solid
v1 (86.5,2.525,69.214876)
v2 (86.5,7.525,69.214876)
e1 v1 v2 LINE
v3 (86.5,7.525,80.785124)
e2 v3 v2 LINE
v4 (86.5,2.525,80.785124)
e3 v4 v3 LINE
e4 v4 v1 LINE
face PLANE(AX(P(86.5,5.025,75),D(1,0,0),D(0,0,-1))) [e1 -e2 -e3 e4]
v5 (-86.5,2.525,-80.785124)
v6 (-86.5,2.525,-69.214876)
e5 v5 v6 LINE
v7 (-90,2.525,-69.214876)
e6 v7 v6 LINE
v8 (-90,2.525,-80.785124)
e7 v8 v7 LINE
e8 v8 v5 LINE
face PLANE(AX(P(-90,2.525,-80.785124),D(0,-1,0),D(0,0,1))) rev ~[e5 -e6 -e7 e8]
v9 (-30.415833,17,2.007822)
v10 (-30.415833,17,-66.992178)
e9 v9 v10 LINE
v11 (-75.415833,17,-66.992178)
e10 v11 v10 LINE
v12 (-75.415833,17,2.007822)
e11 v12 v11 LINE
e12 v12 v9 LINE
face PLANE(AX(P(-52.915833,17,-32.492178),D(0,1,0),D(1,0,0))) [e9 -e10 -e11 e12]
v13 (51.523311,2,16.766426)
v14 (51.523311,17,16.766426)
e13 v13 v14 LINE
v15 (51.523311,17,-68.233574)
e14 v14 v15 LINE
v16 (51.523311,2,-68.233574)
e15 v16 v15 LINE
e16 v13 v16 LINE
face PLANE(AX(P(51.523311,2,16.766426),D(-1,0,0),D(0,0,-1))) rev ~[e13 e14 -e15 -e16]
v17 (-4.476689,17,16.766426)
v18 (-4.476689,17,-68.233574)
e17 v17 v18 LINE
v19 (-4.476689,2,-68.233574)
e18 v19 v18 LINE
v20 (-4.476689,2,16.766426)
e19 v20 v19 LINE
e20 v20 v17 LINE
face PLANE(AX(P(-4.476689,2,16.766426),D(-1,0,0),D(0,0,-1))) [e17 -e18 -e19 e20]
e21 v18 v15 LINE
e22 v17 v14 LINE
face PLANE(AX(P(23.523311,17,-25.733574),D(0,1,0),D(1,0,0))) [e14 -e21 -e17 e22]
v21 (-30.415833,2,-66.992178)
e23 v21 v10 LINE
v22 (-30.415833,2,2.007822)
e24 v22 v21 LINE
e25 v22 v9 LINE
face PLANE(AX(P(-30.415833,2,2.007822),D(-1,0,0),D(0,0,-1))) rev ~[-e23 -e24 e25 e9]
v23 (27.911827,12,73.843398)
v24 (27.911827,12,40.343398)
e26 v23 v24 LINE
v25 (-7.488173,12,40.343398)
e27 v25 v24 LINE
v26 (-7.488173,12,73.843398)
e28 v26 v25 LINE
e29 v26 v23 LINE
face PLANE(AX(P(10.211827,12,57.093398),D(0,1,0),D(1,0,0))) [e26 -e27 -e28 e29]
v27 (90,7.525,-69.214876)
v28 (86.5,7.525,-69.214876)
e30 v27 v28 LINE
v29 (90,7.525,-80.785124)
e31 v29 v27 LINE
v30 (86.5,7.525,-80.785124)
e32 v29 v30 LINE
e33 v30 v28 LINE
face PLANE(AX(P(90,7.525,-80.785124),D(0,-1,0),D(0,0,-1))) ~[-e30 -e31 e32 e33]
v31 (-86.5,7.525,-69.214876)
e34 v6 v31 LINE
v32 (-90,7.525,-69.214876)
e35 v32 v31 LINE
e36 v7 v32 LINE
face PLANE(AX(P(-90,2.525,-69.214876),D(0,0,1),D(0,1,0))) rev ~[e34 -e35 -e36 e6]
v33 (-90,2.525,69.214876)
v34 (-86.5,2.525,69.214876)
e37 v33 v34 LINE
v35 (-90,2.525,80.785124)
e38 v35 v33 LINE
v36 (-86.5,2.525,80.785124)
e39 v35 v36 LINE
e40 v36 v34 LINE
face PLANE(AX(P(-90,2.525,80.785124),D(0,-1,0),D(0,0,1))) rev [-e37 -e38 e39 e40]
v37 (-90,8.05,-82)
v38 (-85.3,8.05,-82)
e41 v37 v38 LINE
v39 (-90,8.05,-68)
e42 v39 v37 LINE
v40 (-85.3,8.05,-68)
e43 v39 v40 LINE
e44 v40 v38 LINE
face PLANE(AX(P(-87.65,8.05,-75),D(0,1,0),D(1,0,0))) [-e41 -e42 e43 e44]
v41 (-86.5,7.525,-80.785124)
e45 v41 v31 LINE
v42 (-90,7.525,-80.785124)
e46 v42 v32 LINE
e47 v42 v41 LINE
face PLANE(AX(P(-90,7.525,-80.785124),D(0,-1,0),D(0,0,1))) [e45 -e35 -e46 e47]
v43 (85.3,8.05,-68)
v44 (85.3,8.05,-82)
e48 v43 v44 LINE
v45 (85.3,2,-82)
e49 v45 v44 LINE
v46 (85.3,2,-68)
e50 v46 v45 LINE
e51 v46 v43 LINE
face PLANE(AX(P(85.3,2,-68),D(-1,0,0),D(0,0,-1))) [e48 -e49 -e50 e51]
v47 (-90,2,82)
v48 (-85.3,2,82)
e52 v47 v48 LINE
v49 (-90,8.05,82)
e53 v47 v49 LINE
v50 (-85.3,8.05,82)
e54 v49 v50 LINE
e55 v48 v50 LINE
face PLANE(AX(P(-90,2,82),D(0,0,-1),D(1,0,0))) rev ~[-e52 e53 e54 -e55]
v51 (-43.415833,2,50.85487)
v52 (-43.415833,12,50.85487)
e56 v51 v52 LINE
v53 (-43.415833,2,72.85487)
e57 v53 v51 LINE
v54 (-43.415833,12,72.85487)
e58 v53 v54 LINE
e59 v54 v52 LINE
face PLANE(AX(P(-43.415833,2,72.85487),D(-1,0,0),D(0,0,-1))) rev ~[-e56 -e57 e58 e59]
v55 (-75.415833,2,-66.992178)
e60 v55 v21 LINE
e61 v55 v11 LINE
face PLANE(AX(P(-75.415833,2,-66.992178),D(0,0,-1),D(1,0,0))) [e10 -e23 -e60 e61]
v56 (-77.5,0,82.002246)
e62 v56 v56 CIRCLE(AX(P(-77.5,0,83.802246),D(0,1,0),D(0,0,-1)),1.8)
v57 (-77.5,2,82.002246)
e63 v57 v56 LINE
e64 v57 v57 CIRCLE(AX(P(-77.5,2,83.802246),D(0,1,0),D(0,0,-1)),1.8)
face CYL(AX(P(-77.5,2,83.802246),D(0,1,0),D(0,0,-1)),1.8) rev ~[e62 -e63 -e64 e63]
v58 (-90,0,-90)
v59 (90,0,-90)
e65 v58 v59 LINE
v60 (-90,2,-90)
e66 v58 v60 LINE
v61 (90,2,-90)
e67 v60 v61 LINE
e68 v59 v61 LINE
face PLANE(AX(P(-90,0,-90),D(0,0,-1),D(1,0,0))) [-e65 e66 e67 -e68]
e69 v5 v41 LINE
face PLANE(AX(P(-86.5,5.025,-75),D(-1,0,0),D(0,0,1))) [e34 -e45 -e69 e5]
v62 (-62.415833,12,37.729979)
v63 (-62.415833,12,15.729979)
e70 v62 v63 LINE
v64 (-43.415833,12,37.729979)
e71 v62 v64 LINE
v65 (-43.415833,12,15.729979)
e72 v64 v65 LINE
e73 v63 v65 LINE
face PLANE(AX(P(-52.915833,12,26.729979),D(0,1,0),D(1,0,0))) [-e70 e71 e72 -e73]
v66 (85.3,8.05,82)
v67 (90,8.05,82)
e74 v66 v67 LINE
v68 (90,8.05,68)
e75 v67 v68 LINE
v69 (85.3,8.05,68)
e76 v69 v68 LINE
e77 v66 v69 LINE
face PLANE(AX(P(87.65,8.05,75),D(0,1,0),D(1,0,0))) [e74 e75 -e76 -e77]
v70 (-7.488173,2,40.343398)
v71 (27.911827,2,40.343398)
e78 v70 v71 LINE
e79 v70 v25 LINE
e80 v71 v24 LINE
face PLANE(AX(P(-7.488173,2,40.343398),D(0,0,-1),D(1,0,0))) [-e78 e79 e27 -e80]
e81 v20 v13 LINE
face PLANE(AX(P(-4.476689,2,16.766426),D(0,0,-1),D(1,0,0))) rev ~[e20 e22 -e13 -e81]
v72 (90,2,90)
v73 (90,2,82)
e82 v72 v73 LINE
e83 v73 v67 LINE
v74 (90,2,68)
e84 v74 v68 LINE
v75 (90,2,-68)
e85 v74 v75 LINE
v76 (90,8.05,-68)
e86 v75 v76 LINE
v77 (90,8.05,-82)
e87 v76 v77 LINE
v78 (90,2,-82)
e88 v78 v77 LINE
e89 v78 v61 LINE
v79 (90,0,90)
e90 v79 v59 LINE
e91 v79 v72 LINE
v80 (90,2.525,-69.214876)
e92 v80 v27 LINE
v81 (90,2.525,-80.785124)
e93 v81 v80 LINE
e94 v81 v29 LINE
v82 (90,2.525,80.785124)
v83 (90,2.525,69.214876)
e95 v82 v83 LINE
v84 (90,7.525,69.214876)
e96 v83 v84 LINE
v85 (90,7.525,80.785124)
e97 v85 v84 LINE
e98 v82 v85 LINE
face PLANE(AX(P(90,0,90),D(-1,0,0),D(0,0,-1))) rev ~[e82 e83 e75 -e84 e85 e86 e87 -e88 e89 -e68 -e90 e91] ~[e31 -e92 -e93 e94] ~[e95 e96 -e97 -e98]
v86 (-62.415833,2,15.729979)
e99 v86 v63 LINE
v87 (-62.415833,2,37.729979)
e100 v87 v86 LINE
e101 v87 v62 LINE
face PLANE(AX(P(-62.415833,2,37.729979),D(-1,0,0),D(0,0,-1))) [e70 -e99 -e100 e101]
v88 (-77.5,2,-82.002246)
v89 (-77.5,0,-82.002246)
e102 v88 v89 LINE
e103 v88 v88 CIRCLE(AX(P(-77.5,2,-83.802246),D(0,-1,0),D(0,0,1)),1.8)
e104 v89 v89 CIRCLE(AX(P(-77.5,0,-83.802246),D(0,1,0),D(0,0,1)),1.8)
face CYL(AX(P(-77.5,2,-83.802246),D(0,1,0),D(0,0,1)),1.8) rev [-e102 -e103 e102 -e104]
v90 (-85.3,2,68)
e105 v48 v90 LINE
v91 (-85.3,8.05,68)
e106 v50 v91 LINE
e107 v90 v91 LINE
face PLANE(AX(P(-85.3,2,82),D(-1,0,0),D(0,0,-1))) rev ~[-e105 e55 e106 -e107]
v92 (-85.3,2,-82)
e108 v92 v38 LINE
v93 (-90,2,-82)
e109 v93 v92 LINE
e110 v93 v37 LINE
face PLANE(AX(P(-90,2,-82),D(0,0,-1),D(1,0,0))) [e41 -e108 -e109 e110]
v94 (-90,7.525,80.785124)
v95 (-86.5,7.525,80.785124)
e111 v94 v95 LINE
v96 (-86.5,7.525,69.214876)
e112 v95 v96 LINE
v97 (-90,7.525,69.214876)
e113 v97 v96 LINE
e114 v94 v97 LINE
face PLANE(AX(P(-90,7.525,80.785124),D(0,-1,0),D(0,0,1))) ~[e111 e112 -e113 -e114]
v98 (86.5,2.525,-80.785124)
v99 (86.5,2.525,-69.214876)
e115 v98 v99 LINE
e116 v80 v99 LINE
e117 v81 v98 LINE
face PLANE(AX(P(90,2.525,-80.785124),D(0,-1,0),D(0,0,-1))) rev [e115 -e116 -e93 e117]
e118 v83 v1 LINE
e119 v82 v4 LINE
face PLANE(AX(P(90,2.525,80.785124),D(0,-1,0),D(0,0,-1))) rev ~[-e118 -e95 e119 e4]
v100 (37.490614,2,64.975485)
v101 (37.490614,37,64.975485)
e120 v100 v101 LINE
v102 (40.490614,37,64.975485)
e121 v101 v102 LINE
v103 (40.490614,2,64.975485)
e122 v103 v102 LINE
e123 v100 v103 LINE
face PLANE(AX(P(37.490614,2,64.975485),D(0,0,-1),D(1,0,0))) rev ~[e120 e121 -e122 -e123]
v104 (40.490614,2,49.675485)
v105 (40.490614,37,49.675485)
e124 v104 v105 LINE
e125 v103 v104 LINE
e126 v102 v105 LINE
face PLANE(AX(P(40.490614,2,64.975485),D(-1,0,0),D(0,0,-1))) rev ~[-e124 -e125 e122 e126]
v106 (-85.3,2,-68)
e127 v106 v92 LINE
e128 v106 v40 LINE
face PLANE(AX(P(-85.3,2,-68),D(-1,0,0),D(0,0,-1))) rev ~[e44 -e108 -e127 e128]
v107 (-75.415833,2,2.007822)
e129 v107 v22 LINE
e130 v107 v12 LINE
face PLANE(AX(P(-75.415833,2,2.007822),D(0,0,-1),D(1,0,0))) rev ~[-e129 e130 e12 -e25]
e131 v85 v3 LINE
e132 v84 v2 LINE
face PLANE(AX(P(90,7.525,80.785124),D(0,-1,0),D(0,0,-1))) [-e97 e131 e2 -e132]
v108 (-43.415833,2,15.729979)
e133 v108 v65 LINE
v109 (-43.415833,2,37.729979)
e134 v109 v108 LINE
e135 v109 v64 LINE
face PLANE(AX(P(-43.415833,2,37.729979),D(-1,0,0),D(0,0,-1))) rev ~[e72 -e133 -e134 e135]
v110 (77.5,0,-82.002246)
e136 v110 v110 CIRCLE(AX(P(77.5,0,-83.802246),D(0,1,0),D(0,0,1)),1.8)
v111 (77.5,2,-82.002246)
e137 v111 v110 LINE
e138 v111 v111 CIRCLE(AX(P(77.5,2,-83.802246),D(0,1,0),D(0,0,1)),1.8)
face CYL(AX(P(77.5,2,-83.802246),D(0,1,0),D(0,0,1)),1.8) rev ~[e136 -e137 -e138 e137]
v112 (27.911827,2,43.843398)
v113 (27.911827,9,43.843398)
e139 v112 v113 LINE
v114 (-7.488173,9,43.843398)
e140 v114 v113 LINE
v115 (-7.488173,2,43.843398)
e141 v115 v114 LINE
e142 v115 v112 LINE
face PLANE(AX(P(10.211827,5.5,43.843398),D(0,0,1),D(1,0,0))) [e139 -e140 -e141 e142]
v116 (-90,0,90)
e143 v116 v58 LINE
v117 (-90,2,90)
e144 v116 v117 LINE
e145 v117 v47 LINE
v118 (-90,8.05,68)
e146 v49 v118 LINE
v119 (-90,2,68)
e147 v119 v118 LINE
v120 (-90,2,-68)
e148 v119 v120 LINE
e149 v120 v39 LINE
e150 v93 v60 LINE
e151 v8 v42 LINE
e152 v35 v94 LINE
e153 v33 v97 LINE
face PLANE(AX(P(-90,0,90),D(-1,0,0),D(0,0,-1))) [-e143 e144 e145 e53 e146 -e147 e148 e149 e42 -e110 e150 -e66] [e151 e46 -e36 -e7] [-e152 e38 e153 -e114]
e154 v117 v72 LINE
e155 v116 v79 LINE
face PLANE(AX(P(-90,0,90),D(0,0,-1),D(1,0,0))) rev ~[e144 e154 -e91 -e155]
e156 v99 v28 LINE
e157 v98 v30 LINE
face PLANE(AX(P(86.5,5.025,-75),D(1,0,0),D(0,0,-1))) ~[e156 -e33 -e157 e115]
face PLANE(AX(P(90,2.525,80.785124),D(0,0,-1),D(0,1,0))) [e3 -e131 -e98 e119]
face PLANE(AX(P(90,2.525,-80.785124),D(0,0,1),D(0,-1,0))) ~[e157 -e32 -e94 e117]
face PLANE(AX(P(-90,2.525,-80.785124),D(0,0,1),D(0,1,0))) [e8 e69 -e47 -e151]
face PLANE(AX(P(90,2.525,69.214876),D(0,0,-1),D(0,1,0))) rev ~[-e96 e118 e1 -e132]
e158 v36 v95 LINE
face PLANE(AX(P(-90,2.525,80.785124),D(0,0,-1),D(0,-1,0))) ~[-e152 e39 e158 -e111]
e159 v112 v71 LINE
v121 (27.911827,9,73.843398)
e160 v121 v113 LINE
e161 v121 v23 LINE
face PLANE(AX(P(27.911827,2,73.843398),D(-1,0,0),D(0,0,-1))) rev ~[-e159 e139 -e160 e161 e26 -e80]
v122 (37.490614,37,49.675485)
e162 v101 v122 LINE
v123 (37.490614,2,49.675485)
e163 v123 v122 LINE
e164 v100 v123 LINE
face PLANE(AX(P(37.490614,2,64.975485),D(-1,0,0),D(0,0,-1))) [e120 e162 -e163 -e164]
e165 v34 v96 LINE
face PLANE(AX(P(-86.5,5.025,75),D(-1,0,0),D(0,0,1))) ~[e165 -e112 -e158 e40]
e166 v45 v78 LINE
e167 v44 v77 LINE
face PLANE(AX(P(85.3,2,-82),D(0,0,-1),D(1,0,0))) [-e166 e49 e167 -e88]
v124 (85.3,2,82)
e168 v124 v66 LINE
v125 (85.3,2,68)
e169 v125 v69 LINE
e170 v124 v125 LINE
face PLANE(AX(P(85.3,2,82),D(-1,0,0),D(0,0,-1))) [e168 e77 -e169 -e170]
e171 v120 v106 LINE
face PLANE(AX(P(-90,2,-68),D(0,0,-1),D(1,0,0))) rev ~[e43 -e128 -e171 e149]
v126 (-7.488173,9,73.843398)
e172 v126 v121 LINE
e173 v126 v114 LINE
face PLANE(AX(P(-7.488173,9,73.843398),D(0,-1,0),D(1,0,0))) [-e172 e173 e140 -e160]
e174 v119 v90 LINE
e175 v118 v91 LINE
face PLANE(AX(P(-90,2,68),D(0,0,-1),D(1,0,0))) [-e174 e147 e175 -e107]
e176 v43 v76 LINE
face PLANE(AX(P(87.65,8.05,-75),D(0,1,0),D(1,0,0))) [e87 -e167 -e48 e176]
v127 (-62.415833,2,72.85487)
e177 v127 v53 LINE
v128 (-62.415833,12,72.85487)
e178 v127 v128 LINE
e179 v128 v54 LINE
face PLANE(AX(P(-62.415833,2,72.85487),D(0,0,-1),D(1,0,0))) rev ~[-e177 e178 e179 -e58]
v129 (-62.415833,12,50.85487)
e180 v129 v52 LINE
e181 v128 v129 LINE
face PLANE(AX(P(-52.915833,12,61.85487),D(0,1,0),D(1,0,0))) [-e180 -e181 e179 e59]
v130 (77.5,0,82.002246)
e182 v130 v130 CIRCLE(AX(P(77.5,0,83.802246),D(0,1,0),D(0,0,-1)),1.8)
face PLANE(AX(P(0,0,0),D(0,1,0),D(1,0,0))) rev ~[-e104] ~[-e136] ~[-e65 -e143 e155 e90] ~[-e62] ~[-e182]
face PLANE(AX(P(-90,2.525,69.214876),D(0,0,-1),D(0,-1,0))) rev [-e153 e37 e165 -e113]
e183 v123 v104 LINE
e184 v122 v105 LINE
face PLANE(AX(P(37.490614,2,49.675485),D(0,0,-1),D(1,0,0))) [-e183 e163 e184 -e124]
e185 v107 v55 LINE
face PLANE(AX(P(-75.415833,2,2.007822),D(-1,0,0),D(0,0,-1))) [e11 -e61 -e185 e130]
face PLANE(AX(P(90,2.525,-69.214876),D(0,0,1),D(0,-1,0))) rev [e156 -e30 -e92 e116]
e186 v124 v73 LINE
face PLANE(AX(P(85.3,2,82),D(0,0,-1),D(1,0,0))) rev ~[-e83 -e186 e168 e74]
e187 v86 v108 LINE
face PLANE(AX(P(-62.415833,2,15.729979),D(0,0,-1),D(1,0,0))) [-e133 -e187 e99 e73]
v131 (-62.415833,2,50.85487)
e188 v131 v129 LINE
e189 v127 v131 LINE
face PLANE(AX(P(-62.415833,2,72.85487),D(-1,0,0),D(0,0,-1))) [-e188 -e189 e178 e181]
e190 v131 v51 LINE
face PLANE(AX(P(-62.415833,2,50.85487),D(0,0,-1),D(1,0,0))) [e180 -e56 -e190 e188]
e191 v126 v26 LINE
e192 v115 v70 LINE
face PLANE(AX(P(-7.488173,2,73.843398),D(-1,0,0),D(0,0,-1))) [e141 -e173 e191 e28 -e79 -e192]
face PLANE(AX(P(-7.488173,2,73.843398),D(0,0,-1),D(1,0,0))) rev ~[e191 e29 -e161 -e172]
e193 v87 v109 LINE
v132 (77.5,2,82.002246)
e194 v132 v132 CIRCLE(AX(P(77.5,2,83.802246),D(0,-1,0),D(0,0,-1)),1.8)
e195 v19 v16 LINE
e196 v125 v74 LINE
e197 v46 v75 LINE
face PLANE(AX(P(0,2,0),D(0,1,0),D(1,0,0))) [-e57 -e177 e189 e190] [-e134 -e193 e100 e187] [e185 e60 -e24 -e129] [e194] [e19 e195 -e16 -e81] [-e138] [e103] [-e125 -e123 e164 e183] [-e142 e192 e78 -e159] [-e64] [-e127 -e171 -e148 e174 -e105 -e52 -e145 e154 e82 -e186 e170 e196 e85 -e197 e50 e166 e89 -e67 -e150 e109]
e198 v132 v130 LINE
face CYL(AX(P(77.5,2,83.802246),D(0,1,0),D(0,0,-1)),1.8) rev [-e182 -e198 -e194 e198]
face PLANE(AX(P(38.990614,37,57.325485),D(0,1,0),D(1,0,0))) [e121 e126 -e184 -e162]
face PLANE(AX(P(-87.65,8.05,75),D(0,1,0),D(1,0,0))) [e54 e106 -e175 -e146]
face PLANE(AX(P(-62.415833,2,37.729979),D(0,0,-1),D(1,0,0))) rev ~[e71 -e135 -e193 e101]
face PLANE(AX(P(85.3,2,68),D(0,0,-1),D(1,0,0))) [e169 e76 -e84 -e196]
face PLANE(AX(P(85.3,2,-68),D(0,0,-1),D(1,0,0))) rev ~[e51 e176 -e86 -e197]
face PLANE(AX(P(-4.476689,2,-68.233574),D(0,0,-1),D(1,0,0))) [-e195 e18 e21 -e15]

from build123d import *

# Parameters (mm, degrees)
SKETCH_1_W                                 = 180
SKETCH_1_H                                 = 180
EXTRUDE_1_DEPTH                            = 2
SKETCH_2_W                                 = 4.7
SKETCH_2_H                                 = 14
EXTRUDE_2_DEPTH                            = 6.05
SKETCH_3_W                                 = 11.570247934
SKETCH_3_H                                 = 5
CUT_EXTRUDE_1_DEPTH                        = 3.5
MIRROR_1_AT_THE_SECOND_PLANE_COPY_1_SKET_W = 11.570247934
MIRROR_1_AT_THE_SECOND_PLANE_COPY_1_SKET_H = 5
MIRROR_1_AT_THE_SECOND_PLANE_COPY_1_DEPTH  = 3.5
SKETCH_4_W                                 = 45
SKETCH_4_H                                 = 69
EXTRUDE_3_DEPTH                            = 15
SKETCH_5_W                                 = 19
SKETCH_5_H                                 = 22
EXTRUDE_4_DEPTH                            = 10
SKETCH_6_W                                 = 56
SKETCH_6_H                                 = 85
EXTRUDE_5_DEPTH                            = 15
SKETCH_7_W                                 = 35.4
SKETCH_7_H                                 = 33.5
EXTRUDE_6_DEPTH                            = 10
SKETCH_8_W                                 = 35.4
SKETCH_8_H                                 = 7
CUT_EXTRUDE_6_DEPTH                        = 30
SKETCH_9_W                                 = 3
SKETCH_9_H                                 = 15.3
EXTRUDE_7_DEPTH                            = 35
SKETCH_10_R                                = 1.8
CUT_EXTRUDE_7_DEPTH                        = 10
MIRROR_3_AT_THE_SECOND_PLANE_COPY_1_SKET_R = 1.8
MIRROR_3_AT_THE_SECOND_PLANE_COPY_1_DEPTH  = 10


with BuildPart() as part:
    # 草图1 → 凸台-拉伸1 (new body)
    with BuildSketch(Plane(origin=(0, 0, 0), x_dir=(1, 0, 0), z_dir=(0, 1, 0))):
        Rectangle(SKETCH_1_W, SKETCH_1_H)
    extrude(amount=EXTRUDE_1_DEPTH)

    # 草图2 → 凸台-拉伸2 (add)
    with BuildSketch(Plane(origin=(0, 2, 0), x_dir=(1, 0, 0), z_dir=(0, 1, 0))):
        with Locations((-87.65, 75)):
            Rectangle(SKETCH_2_W, SKETCH_2_H)
        with Locations((-87.65, -75)):
            Rectangle(SKETCH_2_W, SKETCH_2_H)
        with Locations((87.65, -75)):
            Rectangle(SKETCH_2_W, SKETCH_2_H)
        with Locations((87.65, 75)):
            Rectangle(SKETCH_2_W, SKETCH_2_H)
    extrude(amount=EXTRUDE_2_DEPTH)

    # 草图3 → 切除-拉伸1 (cut)
    with BuildSketch(Plane.ZY.offset(90)):
        with Locations((-75, 5.025)):
            Rectangle(SKETCH_3_W, SKETCH_3_H)
    cut_extrude_1 = extrude(amount=-CUT_EXTRUDE_1_DEPTH, mode=Mode.SUBTRACT)

    # 镜向1: 切除-拉伸1 across plane
    add(cut_extrude_1.mirror(Plane(origin=(0, 0, 0), x_dir=(0, 0, 1), z_dir=(1, 0, 0))), mode=Mode.SUBTRACT)

    # 镜向1 at the second plane: 切除-拉伸1 across plane
    add(cut_extrude_1.mirror(Plane.XY), mode=Mode.SUBTRACT)

    # 镜向1 at the second plane copy 1 sket → 镜向1 at the second plane copy 1 (cut)
    with BuildSketch(Plane(origin=(90, 0, 0), x_dir=(0, 0, -1), z_dir=(1, 0, 0))):
        with Locations((-75, 5.025)):
            Rectangle(MIRROR_1_AT_THE_SECOND_PLANE_COPY_1_SKET_W, MIRROR_1_AT_THE_SECOND_PLANE_COPY_1_SKET_H)
    extrude(amount=-MIRROR_1_AT_THE_SECOND_PLANE_COPY_1_DEPTH, mode=Mode.SUBTRACT)

    # 草图4 → 凸台-拉伸3 (add)
    with BuildSketch(Plane(origin=(0, 2, 0), x_dir=(1, 0, 0), z_dir=(0, 1, 0))):
        with Locations((-52.915832737, 32.492177997)):
            Rectangle(SKETCH_4_W, SKETCH_4_H)
    extrude(amount=EXTRUDE_3_DEPTH)

    # 草图5 → 凸台-拉伸4 (add)
    with BuildSketch(Plane(origin=(0, 2, 0), x_dir=(1, 0, 0), z_dir=(0, 1, 0))):
        with Locations((-52.915832737, -26.729978553)):
            Rectangle(SKETCH_5_W, SKETCH_5_H)
        with Locations((-52.915832737, -61.854870093)):
            Rectangle(SKETCH_5_W, SKETCH_5_H)
    extrude(amount=EXTRUDE_4_DEPTH)

    # 草图6 → 凸台-拉伸5 (add)
    with BuildSketch(Plane(origin=(0, 2, 0), x_dir=(1, 0, 0), z_dir=(0, 1, 0))):
        with Locations((23.523310823, 25.733573793)):
            Rectangle(SKETCH_6_W, SKETCH_6_H)
    extrude(amount=EXTRUDE_5_DEPTH)

    # 草图7 → 凸台-拉伸6 (add)
    with BuildSketch(Plane(origin=(0, 2, 0), x_dir=(1, 0, 0), z_dir=(0, 1, 0))):
        with Locations((10.21182737, -57.09339848)):
            Rectangle(SKETCH_7_W, SKETCH_7_H)
    extrude(amount=EXTRUDE_6_DEPTH)

    # 草图8 → 切除-拉伸6 (cut)
    with BuildSketch(Plane.XY.offset(73.84339848)):
        with Locations((10.21182737, 5.5)):
            Rectangle(SKETCH_8_W, SKETCH_8_H)
    extrude(amount=-CUT_EXTRUDE_6_DEPTH, mode=Mode.SUBTRACT)

    # 草图9 → 凸台-拉伸7 (add)
    with BuildSketch(Plane(origin=(0, 2, 0), x_dir=(1, 0, 0), z_dir=(0, 1, 0))):
        with Locations((38.990613596, -57.325485465)):
            Rectangle(SKETCH_9_W, SKETCH_9_H)
    extrude(amount=EXTRUDE_7_DEPTH)

    # 草图10 → 切除-拉伸7 (cut)
    with BuildSketch(Plane(origin=(0, 2, 0), x_dir=(1, 0, 0), z_dir=(0, 1, 0))):
        with Locations(Location((77.5, 83.802246308, 0), (0, 0, 270))):
            Circle(SKETCH_10_R)
    cut_extrude_7 = extrude(amount=-CUT_EXTRUDE_7_DEPTH, mode=Mode.SUBTRACT)

    # 镜向3: 切除-拉伸7 across plane
    add(cut_extrude_7.mirror(Plane(origin=(0, 0, 0), x_dir=(0, 0, 1), z_dir=(1, 0, 0))), mode=Mode.SUBTRACT)

    # 镜向3 at the second plane: 切除-拉伸7 across plane
    add(cut_extrude_7.mirror(Plane.XY), mode=Mode.SUBTRACT)

    # 镜向3 at the second plane copy 1 sket → 镜向3 at the second plane copy 1 (cut)
    with BuildSketch(Plane(origin=(0, 2, 0), x_dir=(-1, 0, 0), z_dir=(0, 1, 0))):
        with Locations(Location((77.5, 83.802246308, 0), (0, 0, 270))):
            Circle(MIRROR_3_AT_THE_SECOND_PLANE_COPY_1_SKET_R)
    extrude(amount=-MIRROR_3_AT_THE_SECOND_PLANE_COPY_1_DEPTH, mode=Mode.SUBTRACT)


solid = part.part
